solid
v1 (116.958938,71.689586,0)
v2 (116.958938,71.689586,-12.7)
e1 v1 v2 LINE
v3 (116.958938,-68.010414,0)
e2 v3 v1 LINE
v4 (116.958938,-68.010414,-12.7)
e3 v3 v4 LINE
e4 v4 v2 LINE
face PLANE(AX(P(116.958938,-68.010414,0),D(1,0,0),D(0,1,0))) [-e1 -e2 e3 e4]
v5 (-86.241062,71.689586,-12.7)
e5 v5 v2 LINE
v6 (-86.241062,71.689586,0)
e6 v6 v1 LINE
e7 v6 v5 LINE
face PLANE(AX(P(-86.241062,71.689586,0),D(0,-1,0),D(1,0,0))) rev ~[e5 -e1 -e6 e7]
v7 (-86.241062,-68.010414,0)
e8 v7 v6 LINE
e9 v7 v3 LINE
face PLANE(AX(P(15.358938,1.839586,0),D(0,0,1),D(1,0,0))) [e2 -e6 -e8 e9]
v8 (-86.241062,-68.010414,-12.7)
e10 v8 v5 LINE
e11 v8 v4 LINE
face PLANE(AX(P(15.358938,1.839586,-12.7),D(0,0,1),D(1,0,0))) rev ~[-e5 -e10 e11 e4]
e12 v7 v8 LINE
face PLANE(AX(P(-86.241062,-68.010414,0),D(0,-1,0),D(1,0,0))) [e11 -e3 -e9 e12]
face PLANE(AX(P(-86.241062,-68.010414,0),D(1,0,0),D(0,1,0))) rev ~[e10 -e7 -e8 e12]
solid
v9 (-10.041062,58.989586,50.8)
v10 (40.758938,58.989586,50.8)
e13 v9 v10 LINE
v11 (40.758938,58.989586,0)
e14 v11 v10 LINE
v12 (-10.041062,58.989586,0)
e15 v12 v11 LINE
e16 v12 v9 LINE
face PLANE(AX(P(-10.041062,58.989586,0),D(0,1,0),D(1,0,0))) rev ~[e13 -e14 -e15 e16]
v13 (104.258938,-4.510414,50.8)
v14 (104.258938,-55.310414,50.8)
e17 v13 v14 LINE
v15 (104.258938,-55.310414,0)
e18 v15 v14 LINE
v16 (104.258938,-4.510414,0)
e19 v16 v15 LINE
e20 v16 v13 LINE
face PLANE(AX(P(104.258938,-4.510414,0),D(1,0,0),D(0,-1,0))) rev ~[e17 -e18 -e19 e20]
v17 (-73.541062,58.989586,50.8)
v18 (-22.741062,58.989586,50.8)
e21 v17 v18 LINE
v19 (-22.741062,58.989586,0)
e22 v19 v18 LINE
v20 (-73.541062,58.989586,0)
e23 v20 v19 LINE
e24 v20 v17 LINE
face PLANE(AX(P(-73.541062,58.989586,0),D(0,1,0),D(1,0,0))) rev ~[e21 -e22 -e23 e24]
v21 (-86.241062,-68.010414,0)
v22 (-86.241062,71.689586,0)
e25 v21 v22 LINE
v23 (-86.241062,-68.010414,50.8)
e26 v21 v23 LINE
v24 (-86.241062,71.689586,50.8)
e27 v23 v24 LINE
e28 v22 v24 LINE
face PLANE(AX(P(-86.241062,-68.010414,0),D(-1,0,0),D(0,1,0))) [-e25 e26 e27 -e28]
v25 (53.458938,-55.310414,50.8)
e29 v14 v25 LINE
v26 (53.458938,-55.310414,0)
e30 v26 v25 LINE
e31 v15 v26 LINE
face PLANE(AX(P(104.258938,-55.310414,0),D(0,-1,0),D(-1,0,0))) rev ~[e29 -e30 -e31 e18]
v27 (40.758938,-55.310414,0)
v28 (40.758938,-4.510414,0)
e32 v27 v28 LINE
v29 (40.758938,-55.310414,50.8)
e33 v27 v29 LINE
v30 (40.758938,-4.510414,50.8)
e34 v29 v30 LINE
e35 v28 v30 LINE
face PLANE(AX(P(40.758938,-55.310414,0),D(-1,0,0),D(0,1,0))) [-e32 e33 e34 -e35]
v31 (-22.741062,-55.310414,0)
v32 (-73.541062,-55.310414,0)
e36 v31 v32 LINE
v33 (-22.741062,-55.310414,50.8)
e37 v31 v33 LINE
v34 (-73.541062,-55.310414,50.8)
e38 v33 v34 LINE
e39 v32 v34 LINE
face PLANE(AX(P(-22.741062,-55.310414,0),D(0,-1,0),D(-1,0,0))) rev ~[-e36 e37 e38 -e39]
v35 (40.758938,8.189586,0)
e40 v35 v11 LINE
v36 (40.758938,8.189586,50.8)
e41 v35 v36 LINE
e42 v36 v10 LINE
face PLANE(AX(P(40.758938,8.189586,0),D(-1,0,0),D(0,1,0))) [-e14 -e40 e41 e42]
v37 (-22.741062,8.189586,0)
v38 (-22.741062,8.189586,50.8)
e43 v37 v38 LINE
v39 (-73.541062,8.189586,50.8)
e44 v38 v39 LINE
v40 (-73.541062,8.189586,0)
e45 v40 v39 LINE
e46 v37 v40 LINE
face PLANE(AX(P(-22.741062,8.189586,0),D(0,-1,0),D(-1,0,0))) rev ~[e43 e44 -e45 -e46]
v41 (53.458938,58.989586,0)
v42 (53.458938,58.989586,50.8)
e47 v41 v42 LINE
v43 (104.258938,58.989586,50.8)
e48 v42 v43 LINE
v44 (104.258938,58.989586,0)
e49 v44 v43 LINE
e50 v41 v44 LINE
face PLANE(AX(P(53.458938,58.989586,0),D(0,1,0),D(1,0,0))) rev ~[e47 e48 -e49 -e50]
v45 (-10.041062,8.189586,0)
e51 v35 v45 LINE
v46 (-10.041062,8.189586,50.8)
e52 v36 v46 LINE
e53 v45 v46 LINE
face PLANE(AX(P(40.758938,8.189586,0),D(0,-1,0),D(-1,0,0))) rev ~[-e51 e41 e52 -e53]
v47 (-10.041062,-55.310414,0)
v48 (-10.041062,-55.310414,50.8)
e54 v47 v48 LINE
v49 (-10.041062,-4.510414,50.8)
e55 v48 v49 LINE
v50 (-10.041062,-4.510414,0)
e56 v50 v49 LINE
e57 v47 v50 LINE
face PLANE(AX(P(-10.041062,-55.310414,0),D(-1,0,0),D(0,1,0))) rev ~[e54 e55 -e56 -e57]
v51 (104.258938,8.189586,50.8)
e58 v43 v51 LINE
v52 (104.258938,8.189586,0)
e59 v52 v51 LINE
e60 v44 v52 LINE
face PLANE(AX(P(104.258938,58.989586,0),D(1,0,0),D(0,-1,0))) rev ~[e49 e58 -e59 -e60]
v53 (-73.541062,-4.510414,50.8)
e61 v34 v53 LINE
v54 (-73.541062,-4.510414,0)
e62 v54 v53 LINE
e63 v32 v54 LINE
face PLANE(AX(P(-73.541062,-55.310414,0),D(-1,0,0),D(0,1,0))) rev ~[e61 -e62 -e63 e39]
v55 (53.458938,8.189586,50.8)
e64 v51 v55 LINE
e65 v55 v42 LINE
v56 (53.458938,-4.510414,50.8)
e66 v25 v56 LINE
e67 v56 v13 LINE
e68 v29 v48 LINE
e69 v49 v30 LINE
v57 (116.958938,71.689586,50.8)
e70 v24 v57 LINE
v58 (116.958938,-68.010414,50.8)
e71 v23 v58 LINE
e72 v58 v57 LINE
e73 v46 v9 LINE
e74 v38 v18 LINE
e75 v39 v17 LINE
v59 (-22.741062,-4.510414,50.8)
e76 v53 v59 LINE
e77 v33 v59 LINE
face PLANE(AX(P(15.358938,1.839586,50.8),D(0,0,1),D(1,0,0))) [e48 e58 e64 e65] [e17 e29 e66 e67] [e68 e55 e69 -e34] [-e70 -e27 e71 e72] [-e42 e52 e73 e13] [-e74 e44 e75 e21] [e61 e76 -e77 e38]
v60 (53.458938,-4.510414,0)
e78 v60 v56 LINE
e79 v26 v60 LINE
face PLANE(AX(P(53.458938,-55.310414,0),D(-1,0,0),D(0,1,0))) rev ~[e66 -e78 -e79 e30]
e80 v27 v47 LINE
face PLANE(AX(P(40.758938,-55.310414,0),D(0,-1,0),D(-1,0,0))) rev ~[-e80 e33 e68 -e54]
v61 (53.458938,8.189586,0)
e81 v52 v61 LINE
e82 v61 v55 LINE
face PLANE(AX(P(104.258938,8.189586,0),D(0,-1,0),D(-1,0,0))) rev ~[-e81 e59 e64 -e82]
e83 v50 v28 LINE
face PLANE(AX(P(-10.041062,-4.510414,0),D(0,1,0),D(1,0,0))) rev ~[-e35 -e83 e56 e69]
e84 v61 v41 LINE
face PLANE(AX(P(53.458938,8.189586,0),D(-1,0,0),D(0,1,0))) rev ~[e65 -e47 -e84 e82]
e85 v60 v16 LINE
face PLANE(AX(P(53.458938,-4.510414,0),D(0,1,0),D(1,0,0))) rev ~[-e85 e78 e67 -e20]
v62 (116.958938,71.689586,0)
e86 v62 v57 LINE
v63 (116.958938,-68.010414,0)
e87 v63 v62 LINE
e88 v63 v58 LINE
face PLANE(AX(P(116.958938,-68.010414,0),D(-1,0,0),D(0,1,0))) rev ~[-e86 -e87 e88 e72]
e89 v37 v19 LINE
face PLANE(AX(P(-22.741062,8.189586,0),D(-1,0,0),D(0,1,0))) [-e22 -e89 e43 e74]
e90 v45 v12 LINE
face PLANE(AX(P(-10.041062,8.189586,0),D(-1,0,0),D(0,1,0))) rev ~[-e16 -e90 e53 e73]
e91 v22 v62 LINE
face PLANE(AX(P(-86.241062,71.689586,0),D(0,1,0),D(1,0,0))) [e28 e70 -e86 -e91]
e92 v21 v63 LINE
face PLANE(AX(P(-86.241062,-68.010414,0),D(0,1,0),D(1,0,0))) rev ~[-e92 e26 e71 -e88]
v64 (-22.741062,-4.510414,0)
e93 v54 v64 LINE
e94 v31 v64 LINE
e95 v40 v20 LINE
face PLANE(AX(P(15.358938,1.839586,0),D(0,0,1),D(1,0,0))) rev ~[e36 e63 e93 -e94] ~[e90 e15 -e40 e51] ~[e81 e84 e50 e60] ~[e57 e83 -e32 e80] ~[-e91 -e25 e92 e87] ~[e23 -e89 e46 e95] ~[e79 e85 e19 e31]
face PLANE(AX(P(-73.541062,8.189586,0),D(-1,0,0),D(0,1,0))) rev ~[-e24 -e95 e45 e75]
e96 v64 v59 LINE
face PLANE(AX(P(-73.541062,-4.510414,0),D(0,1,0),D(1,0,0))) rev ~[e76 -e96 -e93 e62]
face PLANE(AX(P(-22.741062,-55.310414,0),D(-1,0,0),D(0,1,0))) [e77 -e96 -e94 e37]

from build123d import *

# Parameters (mm, degrees)
F0_W     = 203.2
F0_H     = 139.7
F0_W_2   = 50.8
F0_H_2   = 12.7
F0_W_3   = 12.7
F0_H_3   = 50.8
F1_DEPTH = 50.8
F2_DEPTH = 12.7


with BuildPart() as f1:
    # F0 (on Top) → F1 (new body)
    with BuildSketch(Plane.XY):
        with Locations((15.3589383218, 1.8395856954)):
            Rectangle(F0_W, F0_H)
        Polygon((-22.7410616782, -55.3104143046), (-73.5410616782, -55.3104143046), (-73.5410616782, -4.5104143046), (-73.5410616782, 8.1895856954), (-73.5410616782, 58.9895856954), (-22.7410616782, 58.9895856954), (-10.0410616782, 58.9895856954), (40.7589383218, 58.9895856954), (53.4589383218, 58.9895856954), (104.2589383218, 58.9895856954), (104.2589383218, 8.1895856954), (104.2589383218, -4.5104143046), (104.2589383218, -55.3104143046), (53.4589383218, -55.3104143046), (40.7589383218, -55.3104143046), (-10.0410616782, -55.3104143046), align=None, mode=Mode.SUBTRACT)
        with Locations((-48.1410616782, 1.8395856954)):
            Rectangle(F0_W_2, F0_H_2)
        with Locations((15.3589383218, 1.8395856954)):
            Rectangle(F0_W_2, F0_H_2)
        with Locations((-16.3910616782, 1.8395856954)):
            Rectangle(F0_W_3, F0_H_2)
        with Locations((47.1089383218, 1.8395856954)):
            Rectangle(F0_W_3, F0_H_2)
        with Locations((78.8589383218, 1.8395856954)):
            Rectangle(F0_W_2, F0_H_2)
        with Locations((47.1089383218, -29.9104143046)):
            Rectangle(F0_W_3, F0_H_3)
        with Locations((-16.3910616782, -29.9104143046)):
            Rectangle(F0_W_3, F0_H_3)
        with Locations((47.1089383218, 33.5895856954)):
            Rectangle(F0_W_3, F0_H_3)
        with Locations((-16.3910616782, 33.5895856954)):
            Rectangle(F0_W_3, F0_H_3)
    extrude(amount=F1_DEPTH)


with BuildPart() as f2:
    # F0 (on Top) → F2 (new body)
    with BuildSketch(Plane.XY):
        with Locations((15.3589383218, 1.8395856954)):
            Rectangle(F0_W, F0_H)
        Polygon((-22.7410616782, -55.3104143046), (-73.5410616782, -55.3104143046), (-73.5410616782, -4.5104143046), (-73.5410616782, 8.1895856954), (-73.5410616782, 58.9895856954), (-22.7410616782, 58.9895856954), (-10.0410616782, 58.9895856954), (40.7589383218, 58.9895856954), (53.4589383218, 58.9895856954), (104.2589383218, 58.9895856954), (104.2589383218, 8.1895856954), (104.2589383218, -4.5104143046), (104.2589383218, -55.3104143046), (53.4589383218, -55.3104143046), (40.7589383218, -55.3104143046), (-10.0410616782, -55.3104143046), align=None, mode=Mode.SUBTRACT)
        with Locations((78.8589383218, 33.5895856954)):
            Rectangle(F0_W_2, F0_H_3)
        with Locations((78.8589383218, -29.9104143046)):
            Rectangle(F0_W_2, F0_H_3)
        with Locations((15.3589383218, 33.5895856954)):
            Rectangle(F0_W_2, F0_H_3)
        with Locations((-48.1410616782, 33.5895856954)):
            Rectangle(F0_W_2, F0_H_3)
        with Locations((15.3589383218, -29.9104143046)):
            Rectangle(F0_W_2, F0_H_3)
        with Locations((-48.1410616782, -29.9104143046)):
            Rectangle(F0_W_2, F0_H_3)
        with Locations((78.8589383218, 1.8395856954)):
            Rectangle(F0_W_2, F0_H_2)
        with Locations((47.1089383218, 33.5895856954)):
            Rectangle(F0_W_3, F0_H_3)
        with Locations((15.3589383218, 1.8395856954)):
            Rectangle(F0_W_2, F0_H_2)
        with Locations((-48.1410616782, 1.8395856954)):
            Rectangle(F0_W_2, F0_H_2)
        with Locations((-16.3910616782, 33.5895856954)):
            Rectangle(F0_W_3, F0_H_3)
        with Locations((47.1089383218, -29.9104143046)):
            Rectangle(F0_W_3, F0_H_3)
        with Locations((-16.3910616782, -29.9104143046)):
            Rectangle(F0_W_3, F0_H_3)
        with Locations((47.1089383218, 1.8395856954)):
            Rectangle(F0_W_3, F0_H_2)
        with Locations((-16.3910616782, 1.8395856954)):
            Rectangle(F0_W_3, F0_H_2)
    extrude(amount=-F2_DEPTH)


solid = Compound([f1.part, f2.part])
